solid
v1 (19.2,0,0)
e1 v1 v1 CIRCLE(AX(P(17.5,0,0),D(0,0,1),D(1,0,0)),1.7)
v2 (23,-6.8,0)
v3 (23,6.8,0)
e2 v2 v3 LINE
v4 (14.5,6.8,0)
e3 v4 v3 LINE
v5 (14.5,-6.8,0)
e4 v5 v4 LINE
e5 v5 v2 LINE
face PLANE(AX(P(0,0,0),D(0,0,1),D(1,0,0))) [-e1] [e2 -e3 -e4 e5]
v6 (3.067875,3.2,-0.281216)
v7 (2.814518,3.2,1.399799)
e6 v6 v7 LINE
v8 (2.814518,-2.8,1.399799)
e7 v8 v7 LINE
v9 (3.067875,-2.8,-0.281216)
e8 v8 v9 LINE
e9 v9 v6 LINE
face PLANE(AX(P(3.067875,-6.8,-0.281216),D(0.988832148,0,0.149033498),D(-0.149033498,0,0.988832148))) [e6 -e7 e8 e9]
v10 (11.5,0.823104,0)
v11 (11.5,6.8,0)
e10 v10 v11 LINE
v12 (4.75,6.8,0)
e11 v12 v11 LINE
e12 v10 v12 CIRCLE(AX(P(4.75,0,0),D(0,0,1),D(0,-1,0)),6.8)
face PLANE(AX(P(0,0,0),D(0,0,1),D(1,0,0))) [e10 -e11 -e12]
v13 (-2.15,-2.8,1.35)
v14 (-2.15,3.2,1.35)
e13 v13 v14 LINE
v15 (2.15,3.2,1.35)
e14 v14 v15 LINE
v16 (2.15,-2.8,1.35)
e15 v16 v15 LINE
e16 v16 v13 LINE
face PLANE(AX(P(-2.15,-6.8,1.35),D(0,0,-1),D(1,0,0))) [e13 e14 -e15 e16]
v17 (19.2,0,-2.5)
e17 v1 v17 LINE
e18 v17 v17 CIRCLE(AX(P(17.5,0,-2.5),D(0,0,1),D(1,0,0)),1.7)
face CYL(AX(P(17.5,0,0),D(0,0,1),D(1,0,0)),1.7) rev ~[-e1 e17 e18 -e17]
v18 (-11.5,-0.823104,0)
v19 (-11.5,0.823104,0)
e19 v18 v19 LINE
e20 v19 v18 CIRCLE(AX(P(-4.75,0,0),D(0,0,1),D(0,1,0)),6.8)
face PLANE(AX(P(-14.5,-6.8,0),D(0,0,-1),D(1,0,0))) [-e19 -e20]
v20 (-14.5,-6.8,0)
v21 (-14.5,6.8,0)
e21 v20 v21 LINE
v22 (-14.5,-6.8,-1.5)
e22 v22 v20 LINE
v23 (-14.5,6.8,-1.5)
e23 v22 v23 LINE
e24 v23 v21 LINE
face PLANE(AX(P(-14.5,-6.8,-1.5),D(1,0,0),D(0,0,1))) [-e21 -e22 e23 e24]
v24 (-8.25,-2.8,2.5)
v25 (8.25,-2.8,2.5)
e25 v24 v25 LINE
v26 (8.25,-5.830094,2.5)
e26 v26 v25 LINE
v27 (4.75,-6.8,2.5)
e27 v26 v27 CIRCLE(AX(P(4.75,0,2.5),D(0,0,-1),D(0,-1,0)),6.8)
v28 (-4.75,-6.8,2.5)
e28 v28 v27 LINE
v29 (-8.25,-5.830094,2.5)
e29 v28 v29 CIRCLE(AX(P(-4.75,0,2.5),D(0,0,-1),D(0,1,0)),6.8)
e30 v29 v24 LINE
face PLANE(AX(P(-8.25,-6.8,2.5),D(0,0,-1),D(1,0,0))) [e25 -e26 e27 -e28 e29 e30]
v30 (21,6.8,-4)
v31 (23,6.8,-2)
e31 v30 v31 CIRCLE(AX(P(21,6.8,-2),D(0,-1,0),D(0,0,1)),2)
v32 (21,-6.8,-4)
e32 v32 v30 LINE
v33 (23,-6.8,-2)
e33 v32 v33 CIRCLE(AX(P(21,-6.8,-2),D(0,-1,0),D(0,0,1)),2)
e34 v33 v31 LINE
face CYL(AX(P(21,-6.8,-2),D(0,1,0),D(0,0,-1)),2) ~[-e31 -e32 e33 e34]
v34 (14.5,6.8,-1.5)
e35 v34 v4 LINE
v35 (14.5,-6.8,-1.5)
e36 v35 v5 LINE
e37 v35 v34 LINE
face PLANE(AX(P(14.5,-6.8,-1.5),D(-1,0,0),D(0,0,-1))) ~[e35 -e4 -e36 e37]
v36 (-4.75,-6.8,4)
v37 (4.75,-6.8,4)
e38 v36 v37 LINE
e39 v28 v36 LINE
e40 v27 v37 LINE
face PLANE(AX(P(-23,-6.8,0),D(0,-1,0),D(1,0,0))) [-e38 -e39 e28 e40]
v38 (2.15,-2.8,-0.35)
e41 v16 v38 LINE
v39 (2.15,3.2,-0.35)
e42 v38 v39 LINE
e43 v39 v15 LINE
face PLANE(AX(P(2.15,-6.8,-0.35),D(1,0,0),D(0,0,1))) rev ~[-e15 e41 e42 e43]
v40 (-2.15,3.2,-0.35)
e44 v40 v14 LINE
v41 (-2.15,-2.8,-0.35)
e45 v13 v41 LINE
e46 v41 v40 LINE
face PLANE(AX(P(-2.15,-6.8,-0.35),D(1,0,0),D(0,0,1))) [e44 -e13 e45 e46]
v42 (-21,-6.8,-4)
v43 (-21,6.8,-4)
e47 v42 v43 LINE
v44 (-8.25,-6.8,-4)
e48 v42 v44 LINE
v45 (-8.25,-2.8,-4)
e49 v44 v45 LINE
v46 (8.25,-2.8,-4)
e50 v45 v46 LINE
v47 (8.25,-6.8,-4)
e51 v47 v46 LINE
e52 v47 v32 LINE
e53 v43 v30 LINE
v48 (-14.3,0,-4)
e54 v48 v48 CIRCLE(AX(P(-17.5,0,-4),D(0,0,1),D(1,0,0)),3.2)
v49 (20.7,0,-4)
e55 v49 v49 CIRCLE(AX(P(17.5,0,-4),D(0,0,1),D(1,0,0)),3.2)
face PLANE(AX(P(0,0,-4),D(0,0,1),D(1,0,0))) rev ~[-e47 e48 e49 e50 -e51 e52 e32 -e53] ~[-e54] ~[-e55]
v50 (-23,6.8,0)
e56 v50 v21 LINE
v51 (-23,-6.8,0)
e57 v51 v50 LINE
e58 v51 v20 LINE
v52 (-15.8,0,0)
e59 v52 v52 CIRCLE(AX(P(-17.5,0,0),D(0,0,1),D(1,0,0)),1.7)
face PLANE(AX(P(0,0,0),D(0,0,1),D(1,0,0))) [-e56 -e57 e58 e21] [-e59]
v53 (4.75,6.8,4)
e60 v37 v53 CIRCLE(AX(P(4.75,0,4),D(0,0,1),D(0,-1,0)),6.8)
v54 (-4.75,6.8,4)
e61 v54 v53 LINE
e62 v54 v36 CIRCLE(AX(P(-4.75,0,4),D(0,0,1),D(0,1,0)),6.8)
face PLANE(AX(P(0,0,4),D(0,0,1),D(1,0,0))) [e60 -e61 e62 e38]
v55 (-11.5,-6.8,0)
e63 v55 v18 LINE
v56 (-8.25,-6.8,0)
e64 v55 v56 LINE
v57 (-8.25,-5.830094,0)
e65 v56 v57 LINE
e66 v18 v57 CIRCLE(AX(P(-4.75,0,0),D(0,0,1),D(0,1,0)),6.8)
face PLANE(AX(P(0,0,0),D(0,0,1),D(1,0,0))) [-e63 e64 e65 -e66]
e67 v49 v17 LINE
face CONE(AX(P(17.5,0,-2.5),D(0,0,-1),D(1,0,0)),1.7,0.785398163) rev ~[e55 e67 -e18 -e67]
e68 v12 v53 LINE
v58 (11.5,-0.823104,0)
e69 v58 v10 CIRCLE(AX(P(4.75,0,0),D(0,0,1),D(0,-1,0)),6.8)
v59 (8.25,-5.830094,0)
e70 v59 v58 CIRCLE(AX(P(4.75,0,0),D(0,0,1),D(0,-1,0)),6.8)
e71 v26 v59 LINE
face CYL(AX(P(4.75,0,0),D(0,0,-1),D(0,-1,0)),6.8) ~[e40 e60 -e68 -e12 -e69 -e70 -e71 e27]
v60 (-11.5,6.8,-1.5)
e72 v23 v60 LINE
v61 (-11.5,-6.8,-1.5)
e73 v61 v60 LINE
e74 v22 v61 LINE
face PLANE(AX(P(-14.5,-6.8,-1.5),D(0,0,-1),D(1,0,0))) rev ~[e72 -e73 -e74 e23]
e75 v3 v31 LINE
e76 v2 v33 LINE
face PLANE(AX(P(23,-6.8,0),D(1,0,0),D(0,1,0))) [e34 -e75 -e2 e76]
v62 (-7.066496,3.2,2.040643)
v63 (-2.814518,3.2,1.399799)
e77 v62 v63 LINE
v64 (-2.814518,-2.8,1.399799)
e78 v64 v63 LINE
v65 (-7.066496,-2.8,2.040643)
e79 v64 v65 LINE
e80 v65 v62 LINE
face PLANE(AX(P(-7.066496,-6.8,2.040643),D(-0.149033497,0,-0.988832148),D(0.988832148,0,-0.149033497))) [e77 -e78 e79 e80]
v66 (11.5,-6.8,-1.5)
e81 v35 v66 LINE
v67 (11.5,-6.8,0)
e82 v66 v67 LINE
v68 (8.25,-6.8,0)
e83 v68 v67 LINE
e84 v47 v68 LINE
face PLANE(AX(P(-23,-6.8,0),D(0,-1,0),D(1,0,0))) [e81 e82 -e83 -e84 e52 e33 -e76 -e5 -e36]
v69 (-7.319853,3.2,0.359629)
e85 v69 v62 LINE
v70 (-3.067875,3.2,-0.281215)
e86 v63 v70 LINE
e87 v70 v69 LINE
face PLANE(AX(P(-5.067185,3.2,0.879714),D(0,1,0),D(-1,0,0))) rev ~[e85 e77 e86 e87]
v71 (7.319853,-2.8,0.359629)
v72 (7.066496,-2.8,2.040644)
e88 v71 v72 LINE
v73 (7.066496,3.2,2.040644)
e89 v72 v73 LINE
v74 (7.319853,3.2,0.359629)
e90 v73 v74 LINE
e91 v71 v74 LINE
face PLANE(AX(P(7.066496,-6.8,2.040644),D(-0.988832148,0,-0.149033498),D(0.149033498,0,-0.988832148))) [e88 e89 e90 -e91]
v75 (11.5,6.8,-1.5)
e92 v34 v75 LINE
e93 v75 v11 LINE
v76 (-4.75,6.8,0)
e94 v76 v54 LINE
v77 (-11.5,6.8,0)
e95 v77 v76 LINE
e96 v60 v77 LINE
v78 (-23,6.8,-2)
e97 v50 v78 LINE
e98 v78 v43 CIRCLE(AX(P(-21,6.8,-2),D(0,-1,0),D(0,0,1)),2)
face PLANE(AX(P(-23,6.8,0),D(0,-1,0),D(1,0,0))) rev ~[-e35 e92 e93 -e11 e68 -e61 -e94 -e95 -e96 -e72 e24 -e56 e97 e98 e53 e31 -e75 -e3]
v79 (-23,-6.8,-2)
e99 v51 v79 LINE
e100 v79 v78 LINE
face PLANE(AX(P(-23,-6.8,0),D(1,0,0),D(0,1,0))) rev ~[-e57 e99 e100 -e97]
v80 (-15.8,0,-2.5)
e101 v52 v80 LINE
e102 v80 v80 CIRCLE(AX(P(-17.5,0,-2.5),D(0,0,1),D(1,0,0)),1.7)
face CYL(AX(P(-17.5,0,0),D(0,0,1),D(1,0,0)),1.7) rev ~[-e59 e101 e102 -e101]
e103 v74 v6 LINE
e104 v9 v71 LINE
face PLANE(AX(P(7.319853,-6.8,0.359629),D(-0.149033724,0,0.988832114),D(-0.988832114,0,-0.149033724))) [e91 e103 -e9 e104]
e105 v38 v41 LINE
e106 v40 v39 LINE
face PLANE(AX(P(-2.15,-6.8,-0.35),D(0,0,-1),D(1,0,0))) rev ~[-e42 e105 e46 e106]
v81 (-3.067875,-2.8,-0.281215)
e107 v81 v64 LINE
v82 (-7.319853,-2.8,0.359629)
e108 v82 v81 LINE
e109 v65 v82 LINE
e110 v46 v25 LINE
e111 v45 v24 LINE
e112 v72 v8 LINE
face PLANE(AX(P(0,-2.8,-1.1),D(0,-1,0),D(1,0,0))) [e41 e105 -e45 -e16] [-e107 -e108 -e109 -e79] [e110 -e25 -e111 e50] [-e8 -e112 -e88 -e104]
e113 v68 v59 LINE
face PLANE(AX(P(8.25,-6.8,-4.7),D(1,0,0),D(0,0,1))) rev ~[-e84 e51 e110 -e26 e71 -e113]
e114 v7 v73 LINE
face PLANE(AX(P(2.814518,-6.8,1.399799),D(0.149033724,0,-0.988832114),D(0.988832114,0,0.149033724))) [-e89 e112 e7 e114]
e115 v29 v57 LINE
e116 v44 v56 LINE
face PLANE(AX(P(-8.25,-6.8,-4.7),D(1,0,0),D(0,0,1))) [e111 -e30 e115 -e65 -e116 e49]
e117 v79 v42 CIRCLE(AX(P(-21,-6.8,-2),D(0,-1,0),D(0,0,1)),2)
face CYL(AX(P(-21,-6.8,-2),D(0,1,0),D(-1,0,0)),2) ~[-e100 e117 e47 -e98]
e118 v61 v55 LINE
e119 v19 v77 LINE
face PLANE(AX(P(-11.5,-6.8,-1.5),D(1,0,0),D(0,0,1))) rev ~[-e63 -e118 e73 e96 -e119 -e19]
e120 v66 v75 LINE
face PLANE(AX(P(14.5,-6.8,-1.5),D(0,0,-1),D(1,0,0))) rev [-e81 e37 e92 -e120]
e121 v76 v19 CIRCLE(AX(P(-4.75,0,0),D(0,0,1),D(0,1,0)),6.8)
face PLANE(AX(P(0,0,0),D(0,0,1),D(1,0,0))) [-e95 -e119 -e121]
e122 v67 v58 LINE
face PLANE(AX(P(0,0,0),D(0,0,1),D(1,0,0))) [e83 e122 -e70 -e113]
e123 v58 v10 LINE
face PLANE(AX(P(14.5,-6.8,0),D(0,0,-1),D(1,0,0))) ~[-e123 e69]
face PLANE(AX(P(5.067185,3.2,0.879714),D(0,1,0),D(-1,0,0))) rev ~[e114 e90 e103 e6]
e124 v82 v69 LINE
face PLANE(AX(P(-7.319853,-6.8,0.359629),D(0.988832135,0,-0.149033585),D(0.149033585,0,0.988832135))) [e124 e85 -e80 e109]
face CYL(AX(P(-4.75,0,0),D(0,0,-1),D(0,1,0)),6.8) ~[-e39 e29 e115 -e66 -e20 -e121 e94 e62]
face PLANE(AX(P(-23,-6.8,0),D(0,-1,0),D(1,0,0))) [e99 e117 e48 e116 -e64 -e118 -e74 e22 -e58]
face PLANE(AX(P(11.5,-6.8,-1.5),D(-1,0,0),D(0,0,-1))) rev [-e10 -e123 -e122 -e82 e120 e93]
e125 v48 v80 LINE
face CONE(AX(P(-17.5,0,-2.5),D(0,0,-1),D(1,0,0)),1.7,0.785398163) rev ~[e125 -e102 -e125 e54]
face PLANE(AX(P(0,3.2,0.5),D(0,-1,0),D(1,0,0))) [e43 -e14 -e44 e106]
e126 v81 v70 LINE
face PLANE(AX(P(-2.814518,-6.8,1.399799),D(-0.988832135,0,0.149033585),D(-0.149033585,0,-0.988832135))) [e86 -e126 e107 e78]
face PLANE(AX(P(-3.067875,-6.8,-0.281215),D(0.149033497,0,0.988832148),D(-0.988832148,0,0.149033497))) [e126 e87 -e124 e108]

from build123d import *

# Parameters (mm, degrees)
SKETCH_W        = 46
SKETCH_H        = 13.6
SKETCH_R        = 1.7
PAD_DEPTH       = 4
PAD001_DEPTH    = 4
SKETCH002_W     = 4.3
SKETCH002_H     = 1.7
POCKET_DEPTH    = 10
SKETCH003_W     = 16.5
SKETCH003_H     = 7.2
POCKET001_DEPTH = 4
SKETCH004_W     = 3
SKETCH004_H     = 1.5
POCKET002_DEPTH = 110.862709
FILLET_R        = 2
FILLET001_R     = 2
CHAMFER_SIZE    = 1.5
CHAMFER001_SIZE = 1.5


with BuildPart() as part:
    # Sketch → Pad (new body)
    with BuildSketch(Plane.XY):
        Rectangle(SKETCH_W, SKETCH_H)
        with Locations((-17.5, 0)):
            Circle(SKETCH_R, mode=Mode.SUBTRACT)
        with Locations((17.5, 0)):
            Circle(SKETCH_R, mode=Mode.SUBTRACT)
    extrude(amount=-PAD_DEPTH)

    # Sketch001 → Pad001 (new body)
    with BuildSketch(Plane.XY):
        with BuildLine():
            ThreePointArc((-4.75, 6.8), (-11.55, 0), (-4.75, -6.8))
            Line((-4.75, -6.8), (4.75, -6.8))
            ThreePointArc((4.75, -6.8), (11.55, 0), (4.75, 6.8))
            Line((-4.75, 6.8), (4.75, 6.8))
        make_face()
    extrude(amount=PAD001_DEPTH)

    # Sketch002 → Pocket (cut)
    with BuildSketch(Plane.XZ.offset(6.8)):
        Polygon((-7.066496, 2.040643), (-2.814518, 1.399799), (-3.067875, -0.281215), (-7.319853, 0.359629), align=None)
        with Locations((0, 0.5)):
            Rectangle(SKETCH002_W, SKETCH002_H)
        Polygon((2.814518, 1.399799), (7.066496, 2.040644), (7.319853, 0.359629), (3.067875, -0.281216), align=None)
    extrude(amount=-POCKET_DEPTH, mode=Mode.SUBTRACT)

    # Sketch003 → Pocket001 (cut)
    with BuildSketch(Plane.XZ.offset(6.8)):
        with Locations((0, -1.1)):
            Rectangle(SKETCH003_W, SKETCH003_H)
    extrude(amount=-POCKET001_DEPTH, mode=Mode.SUBTRACT)

    # Sketch004 → Pocket002 (cut, through all)
    with BuildSketch(Plane.XZ.offset(6.8)):
        with Locations((-13, -0.75)):
            Rectangle(SKETCH004_W, SKETCH004_H)
    pocket002 = extrude(amount=-POCKET002_DEPTH, mode=Mode.SUBTRACT)

    # Mirrored: Pocket002 across Sketch004 V_Axis
    add(pocket002.mirror(Plane(origin=(0, -6.8, 0), x_dir=(0, -1, 0), z_dir=(1, 0, 0))), mode=Mode.SUBTRACT)

    # Fillet
    fillet_edges = [part.edges().sort_by_distance(p)[0] for p in [
        (-23, 0, -4),
    ]]
    fillet(fillet_edges, radius=FILLET_R)

    # Fillet001
    fillet001_edges = [part.edges().sort_by_distance(p)[0] for p in [
        (23, 0, -4),
    ]]
    fillet(fillet001_edges, radius=FILLET001_R)

    # Chamfer
    chamfer_edges = [part.edges().sort_by_distance(p)[0] for p in [
        (-19.2, 0, -4),
    ]]
    chamfer(chamfer_edges, length=CHAMFER_SIZE)

    # Chamfer001
    chamfer001_edges = [part.edges().sort_by_distance(p)[0] for p in [
        (15.8, 0, -4),
    ]]
    chamfer(chamfer001_edges, length=CHAMFER001_SIZE)


solid = part.part
